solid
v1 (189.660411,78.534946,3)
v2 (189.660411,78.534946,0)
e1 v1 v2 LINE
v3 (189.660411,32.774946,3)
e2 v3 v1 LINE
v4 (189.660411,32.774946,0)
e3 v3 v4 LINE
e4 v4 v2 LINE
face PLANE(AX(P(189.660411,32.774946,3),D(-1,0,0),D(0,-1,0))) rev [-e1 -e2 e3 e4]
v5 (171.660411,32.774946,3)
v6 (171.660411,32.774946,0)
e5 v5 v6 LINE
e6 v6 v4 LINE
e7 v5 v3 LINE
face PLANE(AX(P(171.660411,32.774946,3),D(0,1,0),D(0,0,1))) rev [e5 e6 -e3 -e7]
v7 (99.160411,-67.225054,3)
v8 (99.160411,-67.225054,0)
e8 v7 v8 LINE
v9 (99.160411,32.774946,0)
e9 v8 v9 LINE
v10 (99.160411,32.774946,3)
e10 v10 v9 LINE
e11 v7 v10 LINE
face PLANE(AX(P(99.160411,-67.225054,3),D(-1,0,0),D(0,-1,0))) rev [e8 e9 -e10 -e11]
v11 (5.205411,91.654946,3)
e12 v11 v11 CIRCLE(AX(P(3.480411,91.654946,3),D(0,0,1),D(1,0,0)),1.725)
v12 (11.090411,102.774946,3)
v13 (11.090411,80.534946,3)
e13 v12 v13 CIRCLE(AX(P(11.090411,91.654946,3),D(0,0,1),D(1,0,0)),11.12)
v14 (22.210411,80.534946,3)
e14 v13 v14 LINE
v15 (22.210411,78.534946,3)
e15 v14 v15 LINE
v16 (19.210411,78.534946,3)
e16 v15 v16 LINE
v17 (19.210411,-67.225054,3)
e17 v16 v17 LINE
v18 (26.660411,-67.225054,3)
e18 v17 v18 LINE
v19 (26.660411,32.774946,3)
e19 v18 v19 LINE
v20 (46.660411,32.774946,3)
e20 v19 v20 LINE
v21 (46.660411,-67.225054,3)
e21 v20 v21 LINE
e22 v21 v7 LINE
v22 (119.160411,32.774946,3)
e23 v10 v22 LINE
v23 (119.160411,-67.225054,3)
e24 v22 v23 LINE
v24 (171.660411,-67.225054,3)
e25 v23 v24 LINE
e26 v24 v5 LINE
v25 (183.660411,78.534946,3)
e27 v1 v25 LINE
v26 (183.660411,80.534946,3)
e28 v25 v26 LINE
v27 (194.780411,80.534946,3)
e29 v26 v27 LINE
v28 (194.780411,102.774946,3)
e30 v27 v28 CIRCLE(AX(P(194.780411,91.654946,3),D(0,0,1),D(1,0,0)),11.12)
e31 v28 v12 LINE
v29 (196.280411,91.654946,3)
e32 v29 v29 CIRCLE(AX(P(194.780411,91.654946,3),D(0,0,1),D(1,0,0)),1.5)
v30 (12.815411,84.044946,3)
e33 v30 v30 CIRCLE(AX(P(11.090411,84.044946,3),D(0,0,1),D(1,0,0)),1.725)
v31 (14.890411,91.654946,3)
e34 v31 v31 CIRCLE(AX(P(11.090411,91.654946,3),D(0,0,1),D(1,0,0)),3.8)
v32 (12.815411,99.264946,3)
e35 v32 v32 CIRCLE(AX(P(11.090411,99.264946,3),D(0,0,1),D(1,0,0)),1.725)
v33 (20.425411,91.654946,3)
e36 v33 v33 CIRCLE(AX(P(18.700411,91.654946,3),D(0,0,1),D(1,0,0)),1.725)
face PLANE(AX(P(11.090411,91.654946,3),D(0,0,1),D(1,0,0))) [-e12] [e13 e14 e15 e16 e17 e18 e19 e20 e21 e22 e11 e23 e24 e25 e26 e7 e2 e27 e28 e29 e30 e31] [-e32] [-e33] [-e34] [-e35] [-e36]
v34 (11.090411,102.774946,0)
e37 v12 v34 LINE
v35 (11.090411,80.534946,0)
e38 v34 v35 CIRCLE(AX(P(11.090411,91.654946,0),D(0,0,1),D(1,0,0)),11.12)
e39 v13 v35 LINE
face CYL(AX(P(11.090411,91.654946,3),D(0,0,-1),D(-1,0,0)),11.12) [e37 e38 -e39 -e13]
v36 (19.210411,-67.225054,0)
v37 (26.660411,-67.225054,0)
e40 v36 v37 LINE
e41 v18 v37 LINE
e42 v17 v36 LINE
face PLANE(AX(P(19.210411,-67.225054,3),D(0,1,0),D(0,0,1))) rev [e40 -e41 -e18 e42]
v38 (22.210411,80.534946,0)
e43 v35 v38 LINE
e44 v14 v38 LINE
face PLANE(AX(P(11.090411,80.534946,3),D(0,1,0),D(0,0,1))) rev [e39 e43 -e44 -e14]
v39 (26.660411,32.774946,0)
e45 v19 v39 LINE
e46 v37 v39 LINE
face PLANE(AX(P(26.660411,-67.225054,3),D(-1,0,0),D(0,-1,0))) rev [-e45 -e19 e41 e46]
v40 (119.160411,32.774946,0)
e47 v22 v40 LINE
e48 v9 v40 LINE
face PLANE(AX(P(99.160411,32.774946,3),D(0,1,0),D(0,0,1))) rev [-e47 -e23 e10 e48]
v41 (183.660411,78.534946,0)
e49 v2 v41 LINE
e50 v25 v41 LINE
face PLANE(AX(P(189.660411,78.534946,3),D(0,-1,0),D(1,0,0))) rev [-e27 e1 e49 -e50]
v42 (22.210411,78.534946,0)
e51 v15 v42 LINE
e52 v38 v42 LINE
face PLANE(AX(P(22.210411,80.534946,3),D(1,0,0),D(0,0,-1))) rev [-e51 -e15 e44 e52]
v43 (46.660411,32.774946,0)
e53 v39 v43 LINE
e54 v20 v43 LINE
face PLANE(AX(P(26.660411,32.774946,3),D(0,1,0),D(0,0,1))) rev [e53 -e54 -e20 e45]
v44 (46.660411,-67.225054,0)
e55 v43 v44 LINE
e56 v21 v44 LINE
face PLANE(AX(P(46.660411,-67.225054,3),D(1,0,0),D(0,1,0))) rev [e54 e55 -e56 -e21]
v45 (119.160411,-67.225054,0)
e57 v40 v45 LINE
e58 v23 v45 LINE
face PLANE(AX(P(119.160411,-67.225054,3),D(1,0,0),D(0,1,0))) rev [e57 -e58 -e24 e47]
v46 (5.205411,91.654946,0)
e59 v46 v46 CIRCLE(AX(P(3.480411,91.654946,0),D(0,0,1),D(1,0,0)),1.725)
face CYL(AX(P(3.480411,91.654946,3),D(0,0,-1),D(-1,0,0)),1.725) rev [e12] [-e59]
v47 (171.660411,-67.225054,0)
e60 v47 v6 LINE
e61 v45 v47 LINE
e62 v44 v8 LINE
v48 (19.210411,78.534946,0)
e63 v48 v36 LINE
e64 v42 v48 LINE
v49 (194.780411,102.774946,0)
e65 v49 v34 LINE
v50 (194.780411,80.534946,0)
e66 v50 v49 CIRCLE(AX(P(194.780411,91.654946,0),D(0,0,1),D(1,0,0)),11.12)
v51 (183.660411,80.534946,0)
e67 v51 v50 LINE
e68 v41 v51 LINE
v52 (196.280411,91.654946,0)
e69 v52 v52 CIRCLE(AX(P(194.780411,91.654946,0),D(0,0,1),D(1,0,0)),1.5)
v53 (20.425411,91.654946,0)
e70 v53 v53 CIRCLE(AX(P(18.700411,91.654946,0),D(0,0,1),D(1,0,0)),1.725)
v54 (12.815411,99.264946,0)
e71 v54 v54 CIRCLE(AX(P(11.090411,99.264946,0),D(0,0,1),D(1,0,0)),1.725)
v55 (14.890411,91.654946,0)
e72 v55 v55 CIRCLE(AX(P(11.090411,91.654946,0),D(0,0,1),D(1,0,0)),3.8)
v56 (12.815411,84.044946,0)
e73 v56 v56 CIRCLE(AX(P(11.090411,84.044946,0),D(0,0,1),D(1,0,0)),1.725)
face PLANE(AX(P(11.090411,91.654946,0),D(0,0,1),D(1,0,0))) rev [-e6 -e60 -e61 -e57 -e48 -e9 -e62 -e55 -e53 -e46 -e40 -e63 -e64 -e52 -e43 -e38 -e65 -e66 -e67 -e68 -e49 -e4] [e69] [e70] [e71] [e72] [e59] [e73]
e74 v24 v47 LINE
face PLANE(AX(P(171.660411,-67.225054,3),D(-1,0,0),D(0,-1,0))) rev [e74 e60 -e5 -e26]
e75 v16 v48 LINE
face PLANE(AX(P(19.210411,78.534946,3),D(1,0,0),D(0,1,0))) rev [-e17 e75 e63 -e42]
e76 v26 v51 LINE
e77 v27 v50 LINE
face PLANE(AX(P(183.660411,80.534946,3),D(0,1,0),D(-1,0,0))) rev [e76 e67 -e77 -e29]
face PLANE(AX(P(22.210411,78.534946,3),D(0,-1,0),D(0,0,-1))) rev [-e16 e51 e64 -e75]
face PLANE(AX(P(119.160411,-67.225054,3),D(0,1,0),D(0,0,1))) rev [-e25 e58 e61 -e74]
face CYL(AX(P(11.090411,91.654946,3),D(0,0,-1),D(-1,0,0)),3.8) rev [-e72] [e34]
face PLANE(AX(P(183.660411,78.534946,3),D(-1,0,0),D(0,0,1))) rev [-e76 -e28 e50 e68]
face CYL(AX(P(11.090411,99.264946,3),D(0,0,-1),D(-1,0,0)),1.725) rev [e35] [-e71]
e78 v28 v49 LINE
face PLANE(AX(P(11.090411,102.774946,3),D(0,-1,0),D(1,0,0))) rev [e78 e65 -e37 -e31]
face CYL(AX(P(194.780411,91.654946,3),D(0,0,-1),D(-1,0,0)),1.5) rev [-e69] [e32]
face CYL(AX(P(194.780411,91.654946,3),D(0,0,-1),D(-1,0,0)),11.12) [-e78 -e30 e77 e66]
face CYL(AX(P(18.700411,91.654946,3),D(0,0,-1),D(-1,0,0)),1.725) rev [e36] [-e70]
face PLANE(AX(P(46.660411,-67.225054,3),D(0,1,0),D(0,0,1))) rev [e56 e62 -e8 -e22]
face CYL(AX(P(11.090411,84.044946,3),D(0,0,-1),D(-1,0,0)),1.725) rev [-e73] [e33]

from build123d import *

# Parameters (mm, degrees)
ESQUISSE1_R        = 1.5
ESQUISSE1_R_2      = 3.8
ESQUISSE1_R_3      = 1.725
BOSS_EXTRU_1_DEPTH = 3


with BuildPart() as part:
    # Esquisse1 → Boss.-Extru.1 (new body)
    with BuildSketch(Plane.XY):
        with BuildLine():
            Line((19.21041076, -67.22505422), (26.66041076, -67.22505422))
            Line((26.66041076, -67.22505422), (26.66041076, 32.77494578))
            Line((26.66041076, 32.77494578), (46.66041076, 32.77494578))
            Line((46.66041076, 32.77494578), (46.66041076, -67.22505422))
            Line((46.66041076, -67.22505422), (99.16041076, -67.22505422))
            Line((99.16041076, -67.22505422), (99.16041076, 32.77494578))
            Line((99.16041076, 32.77494578), (119.16041076, 32.77494578))
            Line((119.16041076, 32.77494578), (119.16041076, -67.22505422))
            Line((119.16041076, -67.22505422), (171.66041076, -67.22505422))
            Line((171.66041076, -67.22505422), (171.66041076, 32.77494578))
            Line((171.66041076, 32.77494578), (189.66041076, 32.77494578))
            Line((189.66041076, 32.77494578), (189.66041076, 78.53494578))
            Line((189.66041076, 78.53494578), (183.66041076, 78.53494578))
            Line((183.66041076, 78.53494578), (183.66041076, 80.53494578))
            Line((183.66041076, 80.53494578), (194.78041076, 80.53494578))
            ThreePointArc((194.78041076, 80.53494578), (205.90041076, 91.65494578), (194.78041076, 102.77494578))
            Line((194.78041076, 102.77494578), (11.09041076, 102.77494578))
            ThreePointArc((11.09041076, 102.77494578), (-0.02958924, 91.65494578), (11.09041076, 80.53494578))
            Line((11.09041076, 80.53494578), (22.21041076, 80.53494578))
            Line((22.21041076, 80.53494578), (22.21041076, 78.53494578))
            Line((22.21041076, 78.53494578), (19.21041076, 78.53494578))
            Line((19.21041076, 78.53494578), (19.21041076, -67.22505422))
        make_face()
        with Locations((194.78041076, 91.65494578)):
            Circle(ESQUISSE1_R, mode=Mode.SUBTRACT)
        with Locations((11.09041076, 91.65494578)):
            Circle(ESQUISSE1_R_2, mode=Mode.SUBTRACT)
        with Locations((11.09041076, 99.26494578)):
            Circle(ESQUISSE1_R_3, mode=Mode.SUBTRACT)
        with Locations((18.70041076, 91.65494578)):
            Circle(ESQUISSE1_R_3, mode=Mode.SUBTRACT)
        with Locations((11.09041076, 84.04494578)):
            Circle(ESQUISSE1_R_3, mode=Mode.SUBTRACT)
        with Locations((3.48041076, 91.65494578)):
            Circle(ESQUISSE1_R_3, mode=Mode.SUBTRACT)
    extrude(amount=BOSS_EXTRU_1_DEPTH)


solid = part.part
